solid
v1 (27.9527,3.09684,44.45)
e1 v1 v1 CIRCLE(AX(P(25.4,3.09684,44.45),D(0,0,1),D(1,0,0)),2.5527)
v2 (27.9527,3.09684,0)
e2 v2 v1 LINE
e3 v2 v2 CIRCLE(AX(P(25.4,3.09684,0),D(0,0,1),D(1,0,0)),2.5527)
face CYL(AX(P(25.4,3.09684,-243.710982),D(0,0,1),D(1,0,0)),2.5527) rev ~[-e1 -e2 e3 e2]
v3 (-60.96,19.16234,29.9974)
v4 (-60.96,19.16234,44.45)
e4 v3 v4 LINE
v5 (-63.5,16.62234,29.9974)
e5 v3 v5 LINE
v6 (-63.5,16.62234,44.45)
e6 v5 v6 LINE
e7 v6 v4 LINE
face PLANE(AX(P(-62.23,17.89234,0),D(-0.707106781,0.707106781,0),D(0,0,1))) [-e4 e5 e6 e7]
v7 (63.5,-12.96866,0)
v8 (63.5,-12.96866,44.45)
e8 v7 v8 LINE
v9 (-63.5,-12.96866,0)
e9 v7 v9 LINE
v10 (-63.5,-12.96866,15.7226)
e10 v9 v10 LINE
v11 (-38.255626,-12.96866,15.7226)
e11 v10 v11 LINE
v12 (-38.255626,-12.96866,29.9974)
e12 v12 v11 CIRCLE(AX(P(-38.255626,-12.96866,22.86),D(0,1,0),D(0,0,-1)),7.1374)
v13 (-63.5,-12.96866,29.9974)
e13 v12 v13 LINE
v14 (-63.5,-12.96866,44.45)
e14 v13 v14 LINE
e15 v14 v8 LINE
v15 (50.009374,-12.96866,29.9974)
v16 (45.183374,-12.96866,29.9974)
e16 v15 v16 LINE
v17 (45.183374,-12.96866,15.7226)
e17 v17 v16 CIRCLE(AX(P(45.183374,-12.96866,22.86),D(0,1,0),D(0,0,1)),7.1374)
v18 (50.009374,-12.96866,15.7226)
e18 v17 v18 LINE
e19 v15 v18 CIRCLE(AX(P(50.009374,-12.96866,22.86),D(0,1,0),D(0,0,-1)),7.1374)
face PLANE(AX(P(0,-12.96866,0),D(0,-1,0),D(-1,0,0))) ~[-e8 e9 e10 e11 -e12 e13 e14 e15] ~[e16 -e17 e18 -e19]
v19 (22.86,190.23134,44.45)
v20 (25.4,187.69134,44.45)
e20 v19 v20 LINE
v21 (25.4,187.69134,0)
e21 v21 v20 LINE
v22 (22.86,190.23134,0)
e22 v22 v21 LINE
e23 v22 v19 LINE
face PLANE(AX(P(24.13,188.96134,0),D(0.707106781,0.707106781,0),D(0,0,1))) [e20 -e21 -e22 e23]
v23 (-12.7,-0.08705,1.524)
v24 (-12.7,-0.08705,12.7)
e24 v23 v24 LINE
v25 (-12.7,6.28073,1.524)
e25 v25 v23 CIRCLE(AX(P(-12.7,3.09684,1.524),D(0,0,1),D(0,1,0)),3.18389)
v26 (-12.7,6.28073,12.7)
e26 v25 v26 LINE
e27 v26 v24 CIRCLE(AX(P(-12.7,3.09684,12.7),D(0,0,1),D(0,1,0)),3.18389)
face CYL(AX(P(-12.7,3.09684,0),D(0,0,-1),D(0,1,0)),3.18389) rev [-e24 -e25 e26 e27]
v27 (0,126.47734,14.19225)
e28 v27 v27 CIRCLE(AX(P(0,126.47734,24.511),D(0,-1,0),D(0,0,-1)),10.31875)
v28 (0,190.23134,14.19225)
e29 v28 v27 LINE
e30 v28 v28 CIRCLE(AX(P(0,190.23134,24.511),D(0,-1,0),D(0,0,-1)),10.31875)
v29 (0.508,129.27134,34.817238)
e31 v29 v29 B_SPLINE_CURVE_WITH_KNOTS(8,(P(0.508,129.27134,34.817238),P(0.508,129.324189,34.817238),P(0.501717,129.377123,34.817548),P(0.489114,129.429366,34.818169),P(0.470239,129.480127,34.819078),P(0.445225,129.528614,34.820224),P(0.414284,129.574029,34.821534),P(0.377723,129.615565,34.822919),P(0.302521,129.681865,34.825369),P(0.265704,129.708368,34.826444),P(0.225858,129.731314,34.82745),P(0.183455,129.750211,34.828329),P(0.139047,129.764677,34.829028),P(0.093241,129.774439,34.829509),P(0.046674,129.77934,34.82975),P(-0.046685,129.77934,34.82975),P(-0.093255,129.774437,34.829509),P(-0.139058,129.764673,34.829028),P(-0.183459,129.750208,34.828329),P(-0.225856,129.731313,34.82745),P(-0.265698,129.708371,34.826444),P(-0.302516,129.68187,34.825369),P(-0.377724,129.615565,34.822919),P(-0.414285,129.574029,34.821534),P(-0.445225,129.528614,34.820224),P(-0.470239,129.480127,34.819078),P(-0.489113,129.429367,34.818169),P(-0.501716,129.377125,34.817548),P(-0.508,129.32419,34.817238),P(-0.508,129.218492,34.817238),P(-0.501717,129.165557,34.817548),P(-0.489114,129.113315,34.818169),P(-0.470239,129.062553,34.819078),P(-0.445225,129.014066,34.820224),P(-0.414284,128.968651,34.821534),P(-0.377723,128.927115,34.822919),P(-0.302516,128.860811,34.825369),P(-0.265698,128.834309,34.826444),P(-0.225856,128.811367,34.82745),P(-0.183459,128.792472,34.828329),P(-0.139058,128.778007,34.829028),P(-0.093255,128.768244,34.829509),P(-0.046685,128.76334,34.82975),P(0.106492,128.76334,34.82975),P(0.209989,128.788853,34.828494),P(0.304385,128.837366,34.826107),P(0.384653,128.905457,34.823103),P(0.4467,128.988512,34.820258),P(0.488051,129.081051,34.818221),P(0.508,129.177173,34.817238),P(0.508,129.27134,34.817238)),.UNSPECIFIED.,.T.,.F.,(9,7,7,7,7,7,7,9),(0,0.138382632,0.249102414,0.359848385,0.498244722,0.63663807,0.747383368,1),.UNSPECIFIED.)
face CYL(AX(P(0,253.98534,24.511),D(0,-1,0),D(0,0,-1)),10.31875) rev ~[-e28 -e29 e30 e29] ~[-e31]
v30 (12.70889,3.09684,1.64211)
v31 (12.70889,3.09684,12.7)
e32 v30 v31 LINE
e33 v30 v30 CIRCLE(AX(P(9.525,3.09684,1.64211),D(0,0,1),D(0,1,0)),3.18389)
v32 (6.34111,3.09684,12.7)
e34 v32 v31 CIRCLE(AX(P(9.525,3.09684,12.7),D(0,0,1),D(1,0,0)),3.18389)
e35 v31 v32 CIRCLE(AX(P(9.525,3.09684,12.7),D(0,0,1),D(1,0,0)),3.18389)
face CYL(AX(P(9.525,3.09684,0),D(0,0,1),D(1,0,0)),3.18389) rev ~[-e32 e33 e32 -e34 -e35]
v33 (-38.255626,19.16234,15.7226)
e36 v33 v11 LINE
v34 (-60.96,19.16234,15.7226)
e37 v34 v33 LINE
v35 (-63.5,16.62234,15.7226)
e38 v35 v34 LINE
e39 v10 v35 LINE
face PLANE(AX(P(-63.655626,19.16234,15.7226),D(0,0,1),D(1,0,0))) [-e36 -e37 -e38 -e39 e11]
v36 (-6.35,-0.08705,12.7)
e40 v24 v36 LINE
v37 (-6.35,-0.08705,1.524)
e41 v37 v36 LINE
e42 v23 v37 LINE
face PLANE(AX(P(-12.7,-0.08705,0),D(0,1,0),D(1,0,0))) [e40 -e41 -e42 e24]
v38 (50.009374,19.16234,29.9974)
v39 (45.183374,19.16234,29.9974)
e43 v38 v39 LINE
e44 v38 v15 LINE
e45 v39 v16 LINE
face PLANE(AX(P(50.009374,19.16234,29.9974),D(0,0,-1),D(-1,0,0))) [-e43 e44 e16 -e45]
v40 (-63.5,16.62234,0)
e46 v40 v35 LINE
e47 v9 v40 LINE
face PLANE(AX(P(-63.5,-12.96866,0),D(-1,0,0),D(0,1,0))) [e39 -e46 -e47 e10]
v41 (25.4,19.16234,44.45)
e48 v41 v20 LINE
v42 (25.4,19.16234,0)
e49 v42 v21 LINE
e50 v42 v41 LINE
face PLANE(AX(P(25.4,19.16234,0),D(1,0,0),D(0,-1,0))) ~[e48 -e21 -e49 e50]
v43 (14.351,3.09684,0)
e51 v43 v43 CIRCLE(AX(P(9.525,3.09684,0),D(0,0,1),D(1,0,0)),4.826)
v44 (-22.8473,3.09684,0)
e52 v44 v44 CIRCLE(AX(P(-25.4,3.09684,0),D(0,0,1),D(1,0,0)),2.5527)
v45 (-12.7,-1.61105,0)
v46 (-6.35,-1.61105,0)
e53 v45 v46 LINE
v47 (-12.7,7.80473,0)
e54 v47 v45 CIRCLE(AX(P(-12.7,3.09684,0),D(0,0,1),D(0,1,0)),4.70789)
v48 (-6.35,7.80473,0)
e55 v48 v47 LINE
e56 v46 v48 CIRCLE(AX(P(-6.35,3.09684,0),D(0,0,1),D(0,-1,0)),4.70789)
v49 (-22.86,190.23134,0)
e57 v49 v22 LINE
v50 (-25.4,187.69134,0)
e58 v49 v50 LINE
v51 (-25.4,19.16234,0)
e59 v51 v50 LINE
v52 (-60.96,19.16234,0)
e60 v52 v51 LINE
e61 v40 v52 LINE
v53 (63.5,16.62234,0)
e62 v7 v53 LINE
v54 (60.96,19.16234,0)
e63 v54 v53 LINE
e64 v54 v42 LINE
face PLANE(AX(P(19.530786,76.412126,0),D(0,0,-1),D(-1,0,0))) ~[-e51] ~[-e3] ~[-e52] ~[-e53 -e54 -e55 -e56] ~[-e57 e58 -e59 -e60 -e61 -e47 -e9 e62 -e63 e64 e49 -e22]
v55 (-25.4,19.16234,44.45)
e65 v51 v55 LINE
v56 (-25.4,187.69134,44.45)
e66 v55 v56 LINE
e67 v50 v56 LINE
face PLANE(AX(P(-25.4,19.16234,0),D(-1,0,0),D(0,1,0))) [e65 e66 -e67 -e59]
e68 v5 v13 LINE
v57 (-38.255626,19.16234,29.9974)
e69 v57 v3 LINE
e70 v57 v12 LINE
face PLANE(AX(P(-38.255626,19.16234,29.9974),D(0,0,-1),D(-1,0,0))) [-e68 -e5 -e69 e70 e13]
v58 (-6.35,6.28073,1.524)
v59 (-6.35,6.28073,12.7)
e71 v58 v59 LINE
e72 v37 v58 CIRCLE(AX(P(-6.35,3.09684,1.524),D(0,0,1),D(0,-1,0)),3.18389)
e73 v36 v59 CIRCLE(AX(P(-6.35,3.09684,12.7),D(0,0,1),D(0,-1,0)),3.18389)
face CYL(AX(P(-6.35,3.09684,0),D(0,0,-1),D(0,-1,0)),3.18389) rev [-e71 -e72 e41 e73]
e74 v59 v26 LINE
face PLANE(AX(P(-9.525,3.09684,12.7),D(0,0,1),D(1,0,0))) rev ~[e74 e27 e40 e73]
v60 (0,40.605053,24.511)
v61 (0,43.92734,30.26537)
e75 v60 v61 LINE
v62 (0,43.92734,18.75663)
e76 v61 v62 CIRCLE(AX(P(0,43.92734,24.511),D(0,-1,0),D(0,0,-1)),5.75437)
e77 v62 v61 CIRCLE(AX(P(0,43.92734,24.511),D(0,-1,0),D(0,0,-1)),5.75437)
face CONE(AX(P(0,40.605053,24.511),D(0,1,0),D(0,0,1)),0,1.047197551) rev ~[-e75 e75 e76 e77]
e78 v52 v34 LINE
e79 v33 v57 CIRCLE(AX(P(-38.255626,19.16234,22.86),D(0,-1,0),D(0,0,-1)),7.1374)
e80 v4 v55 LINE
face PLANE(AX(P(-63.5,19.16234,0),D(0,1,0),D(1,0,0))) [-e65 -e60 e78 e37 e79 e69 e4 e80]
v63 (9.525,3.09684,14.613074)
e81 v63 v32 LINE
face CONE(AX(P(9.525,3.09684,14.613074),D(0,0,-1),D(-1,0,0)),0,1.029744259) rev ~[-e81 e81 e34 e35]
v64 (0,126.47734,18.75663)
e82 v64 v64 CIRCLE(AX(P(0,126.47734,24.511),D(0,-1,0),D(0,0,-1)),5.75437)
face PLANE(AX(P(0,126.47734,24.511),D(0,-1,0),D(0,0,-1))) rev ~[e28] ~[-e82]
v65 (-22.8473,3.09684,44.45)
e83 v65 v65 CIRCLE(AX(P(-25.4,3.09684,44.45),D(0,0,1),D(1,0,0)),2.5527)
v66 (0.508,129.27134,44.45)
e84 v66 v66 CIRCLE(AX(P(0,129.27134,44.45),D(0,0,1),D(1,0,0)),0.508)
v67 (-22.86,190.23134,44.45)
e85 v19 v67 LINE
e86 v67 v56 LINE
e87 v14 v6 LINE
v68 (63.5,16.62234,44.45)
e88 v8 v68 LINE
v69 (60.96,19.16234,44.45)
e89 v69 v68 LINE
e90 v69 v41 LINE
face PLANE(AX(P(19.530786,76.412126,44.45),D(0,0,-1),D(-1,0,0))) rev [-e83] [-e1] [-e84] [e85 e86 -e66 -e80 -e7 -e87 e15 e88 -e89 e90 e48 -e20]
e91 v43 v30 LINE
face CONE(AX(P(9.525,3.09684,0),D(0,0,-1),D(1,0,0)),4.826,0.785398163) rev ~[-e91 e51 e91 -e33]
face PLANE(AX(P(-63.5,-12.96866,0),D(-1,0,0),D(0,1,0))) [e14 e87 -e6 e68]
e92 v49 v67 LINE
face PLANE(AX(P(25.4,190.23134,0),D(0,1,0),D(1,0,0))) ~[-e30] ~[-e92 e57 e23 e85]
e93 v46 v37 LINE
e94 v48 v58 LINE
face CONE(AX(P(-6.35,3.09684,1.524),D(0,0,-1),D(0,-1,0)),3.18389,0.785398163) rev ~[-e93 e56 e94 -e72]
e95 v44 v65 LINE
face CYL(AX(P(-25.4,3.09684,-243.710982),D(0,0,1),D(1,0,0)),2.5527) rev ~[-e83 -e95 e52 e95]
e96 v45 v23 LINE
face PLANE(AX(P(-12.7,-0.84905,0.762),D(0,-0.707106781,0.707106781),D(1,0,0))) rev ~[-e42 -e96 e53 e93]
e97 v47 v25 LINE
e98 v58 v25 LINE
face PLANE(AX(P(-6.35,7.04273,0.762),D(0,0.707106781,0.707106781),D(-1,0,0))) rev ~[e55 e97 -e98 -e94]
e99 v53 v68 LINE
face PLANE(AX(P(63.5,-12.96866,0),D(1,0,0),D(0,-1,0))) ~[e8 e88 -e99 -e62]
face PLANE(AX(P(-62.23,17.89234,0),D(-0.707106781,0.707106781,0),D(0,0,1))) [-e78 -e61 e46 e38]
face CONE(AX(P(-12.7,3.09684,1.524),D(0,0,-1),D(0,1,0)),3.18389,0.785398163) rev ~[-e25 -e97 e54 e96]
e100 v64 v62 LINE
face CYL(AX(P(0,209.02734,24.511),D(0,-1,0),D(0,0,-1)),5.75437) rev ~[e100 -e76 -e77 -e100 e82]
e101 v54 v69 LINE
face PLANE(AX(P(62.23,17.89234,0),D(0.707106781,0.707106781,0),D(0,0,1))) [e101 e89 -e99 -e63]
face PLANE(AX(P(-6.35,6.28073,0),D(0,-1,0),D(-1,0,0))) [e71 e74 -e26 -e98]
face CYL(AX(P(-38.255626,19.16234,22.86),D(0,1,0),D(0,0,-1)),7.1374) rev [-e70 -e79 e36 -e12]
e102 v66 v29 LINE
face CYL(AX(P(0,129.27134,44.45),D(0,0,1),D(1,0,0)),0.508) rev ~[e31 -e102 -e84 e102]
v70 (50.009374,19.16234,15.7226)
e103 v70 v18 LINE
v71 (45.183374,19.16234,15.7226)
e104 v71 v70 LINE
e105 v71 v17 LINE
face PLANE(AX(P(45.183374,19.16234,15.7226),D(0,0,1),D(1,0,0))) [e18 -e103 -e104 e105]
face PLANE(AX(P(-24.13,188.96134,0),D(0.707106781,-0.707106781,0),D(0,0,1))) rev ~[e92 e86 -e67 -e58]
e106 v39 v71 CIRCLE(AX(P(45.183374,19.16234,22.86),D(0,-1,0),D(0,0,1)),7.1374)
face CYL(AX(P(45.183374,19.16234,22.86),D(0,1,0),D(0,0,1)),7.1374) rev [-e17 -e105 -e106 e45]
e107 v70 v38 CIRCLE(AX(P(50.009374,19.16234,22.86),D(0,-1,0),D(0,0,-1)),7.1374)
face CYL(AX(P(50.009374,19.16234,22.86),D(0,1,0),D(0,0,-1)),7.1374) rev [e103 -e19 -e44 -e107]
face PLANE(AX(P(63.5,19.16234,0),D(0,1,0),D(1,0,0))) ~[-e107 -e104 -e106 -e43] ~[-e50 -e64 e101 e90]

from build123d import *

# Parameters (mm, degrees)
EXTRUDE1_DEPTH                        = 44.45
CHAMFER1_SIZE                         = 2.54
CHAMFER2_SIZE                         = 2.54
F_13_16_0_8125_DIAMETER_HOLE1_D       = 20.6375
F_13_16_0_8125_DIAMETER_HOLE1_DEPTH   = 63.754
F_1_2_20_TAPPED_HOLE1_D               = 11.50874
F_1_2_20_TAPPED_HOLE1_DEPTH           = 82.55
F_1_2_20_TAPPED_HOLE1_TIP             = 3.322287069
F_60_0_04_DIAMETER_HOLE1_REACH        = 46.45
F_60_0_04_DIAMETER_HOLE1_BORE_R       = 0.508
F_1_4_20_TAPPED_HOLE1_D               = 5.1054
F_1_4_0_25_DIAMETER_HOLE2_D           = 6.36778
F_1_4_0_25_DIAMETER_HOLE2_DEPTH       = 12.7
F_1_4_0_25_DIAMETER_HOLE2_CSINK_D     = 9.652
F_1_4_0_25_DIAMETER_HOLE2_CSINK_ANGLE = 90
F_1_4_0_25_DIAMETER_HOLE2_TIP         = 1.913074116
EXTRUDE4_DEPTH                        = 12.7
CHAMFER3_SIZE                         = 1.524
EXTRUDE5_DEPTH                        = 33.131


with BuildPart() as part:
    # Sketch1 → Extrude1 (new body)
    with BuildSketch(Plane.XY):
        Polygon((-63.5, 19.16234013), (-25.4, 19.16234013), (-25.4, 190.23134013), (0, 190.23134013), (0, -12.96865987), (-63.5, -12.96865987), align=None)
    extrude1 = extrude(amount=EXTRUDE1_DEPTH)

    # Mirror2: Extrude1 across plane
    add(extrude1.mirror(Plane(origin=(0, -12.96865987, 44.45), x_dir=(0, 0, 1), z_dir=(-1, 0, 0))))

    # Chamfer1
    chamfer1_edges = [part.edges().sort_by_distance(p)[0] for p in [
        (63.5, 19.16234013, 22.225),
        (25.4, 190.23134013, 22.225),
    ]]
    chamfer(chamfer1_edges, length=CHAMFER1_SIZE)

    # Chamfer2
    chamfer2_edges = [part.edges().sort_by_distance(p)[0] for p in [
        (-63.5, 19.16234013, 22.225),
        (-25.4, 190.23134013, 22.225),
    ]]
    chamfer(chamfer2_edges, length=CHAMFER2_SIZE)

    # 13/16 (0.8125) Diameter Hole1
    with Locations(Plane(origin=(0, 190.23134013, 24.511), x_dir=(0, 0, 1), z_dir=(0, 1, 0))):
        with Locations((0, 0)):
            Hole(F_13_16_0_8125_DIAMETER_HOLE1_D / 2, depth=F_13_16_0_8125_DIAMETER_HOLE1_DEPTH)

    # 1/2-20 Tapped Hole1
    with Locations(Plane(origin=(0, 126.47734013, 24.511), x_dir=(0, 0, 1), z_dir=(0, 1, 0))):
        with Locations((0, 0)):
            Hole(F_1_2_20_TAPPED_HOLE1_D / 2, depth=F_1_2_20_TAPPED_HOLE1_DEPTH)
            with Locations((0, 0, -(F_1_2_20_TAPPED_HOLE1_DEPTH + F_1_2_20_TAPPED_HOLE1_TIP / 2))):  # 120° drill point
                Cone(0, F_1_2_20_TAPPED_HOLE1_D / 2, F_1_2_20_TAPPED_HOLE1_TIP, mode=Mode.SUBTRACT)

    # #60 (0.04) Diameter Hole1 bore → #60 (0.04) Diameter Hole1 (cut, up to next)
    with BuildSketch(Plane.XY.offset(44.45), mode=Mode.PRIVATE) as f_60_0_04_diameter_hole1_sk1:
        with Locations((0, 129.27134013)):
            Circle(F_60_0_04_DIAMETER_HOLE1_BORE_R)
    f_60_0_04_diameter_hole1_tool1 = extrude(f_60_0_04_diameter_hole1_sk1.sketch, amount=-F_60_0_04_DIAMETER_HOLE1_REACH, mode=Mode.PRIVATE) & part.part
    add(f_60_0_04_diameter_hole1_tool1.solids().sort_by_distance((0, 129.27134, 44.45))[0], mode=Mode.SUBTRACT)

    # 1/4-20 Tapped Hole1 (through all)
    with Locations(Plane(origin=(0, 0, 0), x_dir=(-1, 0, 0), z_dir=(0, 0, -1))):
        with Locations((-25.4, 3.09684013), (25.4, 3.09684013)):
            Hole(F_1_4_20_TAPPED_HOLE1_D / 2)

    # 1/4 (0.25) Diameter Hole2
    with Locations(Plane(origin=(0, 0, 0), x_dir=(-1, 0, 0), z_dir=(0, 0, -1))):
        with Locations((-9.525, 3.09684013)):
            CounterSinkHole(F_1_4_0_25_DIAMETER_HOLE2_D / 2, F_1_4_0_25_DIAMETER_HOLE2_CSINK_D / 2, depth=F_1_4_0_25_DIAMETER_HOLE2_DEPTH, counter_sink_angle=F_1_4_0_25_DIAMETER_HOLE2_CSINK_ANGLE)
            with Locations((0, 0, -(F_1_4_0_25_DIAMETER_HOLE2_DEPTH + F_1_4_0_25_DIAMETER_HOLE2_TIP / 2))):  # 118° drill point
                Cone(0, F_1_4_0_25_DIAMETER_HOLE2_D / 2, F_1_4_0_25_DIAMETER_HOLE2_TIP, mode=Mode.SUBTRACT)

    # Sketch23 → Extrude4 (cut)
    with BuildSketch(Plane(origin=(0, 0, 0), x_dir=(-1, 0, 0), z_dir=(0, 0, -1))):
        with BuildLine():
            Line((6.35, 6.28073013), (12.7, 6.28073013))
            ThreePointArc((12.7, 6.28073013), (15.88389, 3.09684013), (12.7, -0.08704987))
            Line((12.7, -0.08704987), (6.35, -0.08704987))
            ThreePointArc((6.35, -0.08704987), (3.16611, 3.09684013), (6.35, 6.28073013))
        make_face()
    extrude(amount=-EXTRUDE4_DEPTH, mode=Mode.SUBTRACT)

    # Chamfer3
    chamfer3_edges = [part.edges().sort_by_distance(p)[0] for p in [
        (-3.16611, 3.09684013, 0),
        (-9.525, -0.08704987, 0),
        (-15.88389, 3.09684013, 0),
        (-9.525, 6.28073013, 0),
    ]]
    chamfer(chamfer3_edges, length=CHAMFER3_SIZE)

    # Sketch24 → Extrude5 (cut, through all)
    with BuildSketch(Plane(origin=(0, 19.16234013, 0), x_dir=(1, 0, 0), z_dir=(0, 1, 0))):
        with BuildLine():
            Line((45.183374064, -15.7226), (50.009374064, -15.7226))
            ThreePointArc((50.009374064, -15.7226), (57.146774064, -22.86), (50.009374064, -29.9974))
            Line((50.009374064, -29.9974), (45.183374064, -29.9974))
            ThreePointArc((45.183374064, -29.9974), (38.045974064, -22.86), (45.183374064, -15.7226))
        make_face()
        with BuildLine():
            Line((-38.255625936, -29.9974), (-63.655625936, -29.9974))
            ThreePointArc((-63.655625936, -29.9974), (-70.793025936, -22.86), (-63.655625936, -15.7226))
            Line((-63.655625936, -15.7226), (-38.255625936, -15.7226))
            ThreePointArc((-38.255625936, -15.7226), (-31.118225936, -22.86), (-38.255625936, -29.9974))
        make_face()
    extrude(amount=-EXTRUDE5_DEPTH, mode=Mode.SUBTRACT)


solid = part.part
